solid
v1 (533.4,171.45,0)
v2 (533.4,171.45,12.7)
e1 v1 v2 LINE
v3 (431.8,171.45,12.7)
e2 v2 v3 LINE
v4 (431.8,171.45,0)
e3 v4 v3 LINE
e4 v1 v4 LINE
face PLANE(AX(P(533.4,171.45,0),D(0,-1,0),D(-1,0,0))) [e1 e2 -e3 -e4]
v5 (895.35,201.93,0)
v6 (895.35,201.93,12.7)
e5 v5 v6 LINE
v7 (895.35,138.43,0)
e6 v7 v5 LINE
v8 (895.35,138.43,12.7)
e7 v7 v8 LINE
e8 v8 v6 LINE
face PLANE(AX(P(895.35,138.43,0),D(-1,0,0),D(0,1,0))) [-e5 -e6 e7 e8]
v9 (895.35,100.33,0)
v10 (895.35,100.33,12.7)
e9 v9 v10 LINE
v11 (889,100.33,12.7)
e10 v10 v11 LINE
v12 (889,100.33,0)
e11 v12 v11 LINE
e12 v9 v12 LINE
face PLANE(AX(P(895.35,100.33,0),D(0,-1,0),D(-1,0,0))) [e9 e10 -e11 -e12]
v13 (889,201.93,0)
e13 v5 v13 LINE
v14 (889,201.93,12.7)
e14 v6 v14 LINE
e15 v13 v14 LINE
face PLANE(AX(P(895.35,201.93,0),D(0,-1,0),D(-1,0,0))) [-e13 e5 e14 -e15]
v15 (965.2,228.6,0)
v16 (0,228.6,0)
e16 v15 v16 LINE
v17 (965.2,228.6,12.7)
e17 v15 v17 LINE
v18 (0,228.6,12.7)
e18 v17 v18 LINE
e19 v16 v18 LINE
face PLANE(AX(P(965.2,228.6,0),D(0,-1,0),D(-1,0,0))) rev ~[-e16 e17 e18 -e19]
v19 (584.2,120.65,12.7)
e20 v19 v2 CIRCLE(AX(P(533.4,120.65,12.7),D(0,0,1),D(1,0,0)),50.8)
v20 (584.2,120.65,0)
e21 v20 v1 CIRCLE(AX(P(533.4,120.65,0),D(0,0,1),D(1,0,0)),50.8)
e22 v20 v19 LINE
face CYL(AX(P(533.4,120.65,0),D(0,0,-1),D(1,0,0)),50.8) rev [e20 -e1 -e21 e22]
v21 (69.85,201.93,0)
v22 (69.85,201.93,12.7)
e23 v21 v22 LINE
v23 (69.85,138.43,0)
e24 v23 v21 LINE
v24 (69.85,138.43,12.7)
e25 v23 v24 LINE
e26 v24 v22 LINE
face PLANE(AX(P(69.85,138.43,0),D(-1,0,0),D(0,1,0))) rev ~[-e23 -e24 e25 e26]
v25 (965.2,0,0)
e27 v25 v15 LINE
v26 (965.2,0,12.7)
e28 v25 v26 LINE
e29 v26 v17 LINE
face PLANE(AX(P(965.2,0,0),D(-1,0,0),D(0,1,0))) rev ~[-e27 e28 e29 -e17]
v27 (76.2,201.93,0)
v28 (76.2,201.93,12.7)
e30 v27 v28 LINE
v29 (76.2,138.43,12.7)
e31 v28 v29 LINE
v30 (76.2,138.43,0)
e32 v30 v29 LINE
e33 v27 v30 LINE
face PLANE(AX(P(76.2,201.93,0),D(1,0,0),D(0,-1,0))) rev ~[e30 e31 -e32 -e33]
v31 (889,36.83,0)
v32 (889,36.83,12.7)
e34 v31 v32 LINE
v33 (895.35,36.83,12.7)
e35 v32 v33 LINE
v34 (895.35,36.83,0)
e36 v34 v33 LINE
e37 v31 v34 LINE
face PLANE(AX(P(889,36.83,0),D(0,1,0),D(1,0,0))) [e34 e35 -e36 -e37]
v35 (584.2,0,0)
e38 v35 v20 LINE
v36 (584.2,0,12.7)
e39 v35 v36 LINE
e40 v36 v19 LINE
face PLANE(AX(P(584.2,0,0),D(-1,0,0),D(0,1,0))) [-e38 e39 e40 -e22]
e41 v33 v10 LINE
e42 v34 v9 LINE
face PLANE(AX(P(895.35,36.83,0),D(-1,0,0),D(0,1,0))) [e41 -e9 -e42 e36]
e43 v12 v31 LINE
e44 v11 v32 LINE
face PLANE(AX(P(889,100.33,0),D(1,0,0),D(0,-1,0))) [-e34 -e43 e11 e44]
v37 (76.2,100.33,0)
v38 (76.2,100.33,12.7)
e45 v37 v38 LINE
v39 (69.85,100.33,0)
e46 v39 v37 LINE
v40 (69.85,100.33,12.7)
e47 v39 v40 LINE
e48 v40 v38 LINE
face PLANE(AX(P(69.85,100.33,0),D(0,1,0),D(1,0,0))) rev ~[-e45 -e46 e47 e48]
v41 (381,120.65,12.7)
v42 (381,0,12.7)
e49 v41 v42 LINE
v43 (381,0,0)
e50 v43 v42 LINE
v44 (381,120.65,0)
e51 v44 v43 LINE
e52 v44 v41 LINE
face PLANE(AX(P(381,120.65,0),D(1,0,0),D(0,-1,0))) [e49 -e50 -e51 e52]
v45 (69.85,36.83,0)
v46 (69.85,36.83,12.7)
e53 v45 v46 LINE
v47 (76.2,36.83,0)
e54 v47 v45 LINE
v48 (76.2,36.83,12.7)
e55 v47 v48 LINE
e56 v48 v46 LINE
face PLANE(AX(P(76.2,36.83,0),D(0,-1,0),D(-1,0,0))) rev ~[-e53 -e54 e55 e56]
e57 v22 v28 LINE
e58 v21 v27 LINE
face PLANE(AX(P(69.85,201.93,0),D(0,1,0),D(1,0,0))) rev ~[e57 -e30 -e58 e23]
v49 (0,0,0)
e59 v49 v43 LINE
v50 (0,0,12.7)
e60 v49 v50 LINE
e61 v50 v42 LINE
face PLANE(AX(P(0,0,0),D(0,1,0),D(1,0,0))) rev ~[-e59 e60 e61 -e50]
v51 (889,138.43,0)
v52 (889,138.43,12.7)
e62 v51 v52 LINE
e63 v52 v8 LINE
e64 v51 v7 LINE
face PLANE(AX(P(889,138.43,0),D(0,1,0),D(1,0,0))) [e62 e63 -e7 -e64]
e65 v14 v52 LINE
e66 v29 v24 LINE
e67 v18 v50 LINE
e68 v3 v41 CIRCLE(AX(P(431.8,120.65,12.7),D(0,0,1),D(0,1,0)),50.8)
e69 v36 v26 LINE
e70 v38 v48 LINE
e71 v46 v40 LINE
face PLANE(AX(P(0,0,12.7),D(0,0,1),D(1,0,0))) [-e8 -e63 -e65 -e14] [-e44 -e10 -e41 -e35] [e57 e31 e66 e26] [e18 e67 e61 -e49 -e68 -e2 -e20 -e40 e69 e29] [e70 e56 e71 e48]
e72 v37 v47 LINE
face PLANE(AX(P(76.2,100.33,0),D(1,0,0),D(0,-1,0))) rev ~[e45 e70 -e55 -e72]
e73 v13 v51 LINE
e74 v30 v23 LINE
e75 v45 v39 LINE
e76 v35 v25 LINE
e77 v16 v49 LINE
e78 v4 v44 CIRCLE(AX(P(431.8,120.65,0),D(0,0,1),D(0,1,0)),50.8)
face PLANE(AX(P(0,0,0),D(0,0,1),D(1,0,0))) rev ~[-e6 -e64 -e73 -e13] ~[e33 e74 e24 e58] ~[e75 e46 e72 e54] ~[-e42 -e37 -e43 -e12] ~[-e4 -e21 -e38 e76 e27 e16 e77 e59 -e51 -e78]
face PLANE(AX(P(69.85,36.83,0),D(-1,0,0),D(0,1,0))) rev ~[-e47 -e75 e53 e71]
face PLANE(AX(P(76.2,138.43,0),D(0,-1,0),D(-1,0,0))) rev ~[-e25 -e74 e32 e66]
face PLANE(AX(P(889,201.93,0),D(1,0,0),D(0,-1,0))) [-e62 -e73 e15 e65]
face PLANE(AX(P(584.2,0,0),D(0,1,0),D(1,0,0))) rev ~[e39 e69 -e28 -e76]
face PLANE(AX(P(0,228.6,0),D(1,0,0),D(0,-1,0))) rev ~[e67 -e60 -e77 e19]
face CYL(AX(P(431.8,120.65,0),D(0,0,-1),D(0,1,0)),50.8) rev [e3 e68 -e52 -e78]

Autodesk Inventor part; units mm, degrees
ref_plane "YZ Plane" through (0, 0, 0) normal (1, 0, 0) x (0, 1, 0)
ref_plane "XZ Plane" through (0, 0, 0) normal (0, 1, 0) x (-1, 0, 0)
ref_plane "XY Plane" through (0, 0, 0) normal (0, 0, 1) x (1, 0, 0)
sketch "Sketch1" plane through (0, 0, 0) normal (0, 0, 1) x (1, 0, 0)
  line L0 (965.2, 0) -> (965.2, 228.6)
  line L1 (965.2, 228.6) -> (0, 228.6)
  line L2 (0, 228.6) -> (0, 0)
  line L3 (584.2, 0) -> (584.2, 120.65)
  line L4 (584.2, 171.45) -> (533.4, 171.45) construction
  line L5 (381, 171.45) -> (381, 120.65) construction
  line L6 (0, 0) -> (381, 0)
  line L7 (584.2, 0) -> (965.2, 0)
  arc A0 (431.8, 171.45) -> (381, 120.65) centre (431.8, 120.65) ccw
  arc A1 (584.2, 120.65) -> (533.4, 171.45) centre (533.4, 120.65) ccw
  line L8 (431.8, 171.45) -> (381, 171.45) construction
  line L9 (381, 120.65) -> (381, 0)
  line L10 (533.4, 171.45) -> (431.8, 171.45)
  line L11 (584.2, 120.65) -> (584.2, 171.45) construction
  line L12 (69.85, 201.93) -> (76.2, 201.93)
  line L13 (76.2, 201.93) -> (76.2, 138.43)
  line L14 (76.2, 138.43) -> (69.85, 138.43)
  line L15 (69.85, 138.43) -> (69.85, 201.93)
  line L16 (69.85, 100.33) -> (76.2, 100.33)
  line L17 (76.2, 100.33) -> (76.2, 36.83)
  line L18 (76.2, 36.83) -> (69.85, 36.83)
  line L19 (69.85, 36.83) -> (69.85, 100.33)
  line L20 (895.35, 201.93) -> (889, 201.93)
  line L21 (889, 201.93) -> (889, 138.43)
  line L22 (889, 138.43) -> (895.35, 138.43)
  line L23 (895.35, 138.43) -> (895.35, 201.93)
  line L24 (895.35, 100.33) -> (889, 100.33)
  line L25 (889, 100.33) -> (889, 36.83)
  line L26 (889, 36.83) -> (895.35, 36.83)
  line L27 (895.35, 36.83) -> (895.35, 100.33)
  dimension "d0" = 965.2
  dimension "d1" = 228.6
  dimension "d4" = 203.2
  dimension "d6" = 381
  dimension "d7" = 171.45
  dimension "d8" = 50.8
  dimension "d9" = 69.85
  dimension "d10" = 6.35
  dimension "d11" = 63.5
  dimension "d12" = 63.5
  dimension "d13" = 101.6
  dimension "d14" = 26.67
  dimension "d15" = 6.35
  dimension "d16" = 69.85
  dimension "d17" = 63.5
  dimension "d18" = 63.5
  dimension "d19" = 101.6
  dimension "d20" = 26.67
extrude "Extrusion1" add sketch "Sketch1" along normal blind 12.7
equation "\"d6\" = 0.5 * d0 - 0.5 * d4"
equation "\"d12\" = d11"
equation "\"d18\" = d17"
equation "\"d20\" = d14"
properties part number "plywood front pannel"
